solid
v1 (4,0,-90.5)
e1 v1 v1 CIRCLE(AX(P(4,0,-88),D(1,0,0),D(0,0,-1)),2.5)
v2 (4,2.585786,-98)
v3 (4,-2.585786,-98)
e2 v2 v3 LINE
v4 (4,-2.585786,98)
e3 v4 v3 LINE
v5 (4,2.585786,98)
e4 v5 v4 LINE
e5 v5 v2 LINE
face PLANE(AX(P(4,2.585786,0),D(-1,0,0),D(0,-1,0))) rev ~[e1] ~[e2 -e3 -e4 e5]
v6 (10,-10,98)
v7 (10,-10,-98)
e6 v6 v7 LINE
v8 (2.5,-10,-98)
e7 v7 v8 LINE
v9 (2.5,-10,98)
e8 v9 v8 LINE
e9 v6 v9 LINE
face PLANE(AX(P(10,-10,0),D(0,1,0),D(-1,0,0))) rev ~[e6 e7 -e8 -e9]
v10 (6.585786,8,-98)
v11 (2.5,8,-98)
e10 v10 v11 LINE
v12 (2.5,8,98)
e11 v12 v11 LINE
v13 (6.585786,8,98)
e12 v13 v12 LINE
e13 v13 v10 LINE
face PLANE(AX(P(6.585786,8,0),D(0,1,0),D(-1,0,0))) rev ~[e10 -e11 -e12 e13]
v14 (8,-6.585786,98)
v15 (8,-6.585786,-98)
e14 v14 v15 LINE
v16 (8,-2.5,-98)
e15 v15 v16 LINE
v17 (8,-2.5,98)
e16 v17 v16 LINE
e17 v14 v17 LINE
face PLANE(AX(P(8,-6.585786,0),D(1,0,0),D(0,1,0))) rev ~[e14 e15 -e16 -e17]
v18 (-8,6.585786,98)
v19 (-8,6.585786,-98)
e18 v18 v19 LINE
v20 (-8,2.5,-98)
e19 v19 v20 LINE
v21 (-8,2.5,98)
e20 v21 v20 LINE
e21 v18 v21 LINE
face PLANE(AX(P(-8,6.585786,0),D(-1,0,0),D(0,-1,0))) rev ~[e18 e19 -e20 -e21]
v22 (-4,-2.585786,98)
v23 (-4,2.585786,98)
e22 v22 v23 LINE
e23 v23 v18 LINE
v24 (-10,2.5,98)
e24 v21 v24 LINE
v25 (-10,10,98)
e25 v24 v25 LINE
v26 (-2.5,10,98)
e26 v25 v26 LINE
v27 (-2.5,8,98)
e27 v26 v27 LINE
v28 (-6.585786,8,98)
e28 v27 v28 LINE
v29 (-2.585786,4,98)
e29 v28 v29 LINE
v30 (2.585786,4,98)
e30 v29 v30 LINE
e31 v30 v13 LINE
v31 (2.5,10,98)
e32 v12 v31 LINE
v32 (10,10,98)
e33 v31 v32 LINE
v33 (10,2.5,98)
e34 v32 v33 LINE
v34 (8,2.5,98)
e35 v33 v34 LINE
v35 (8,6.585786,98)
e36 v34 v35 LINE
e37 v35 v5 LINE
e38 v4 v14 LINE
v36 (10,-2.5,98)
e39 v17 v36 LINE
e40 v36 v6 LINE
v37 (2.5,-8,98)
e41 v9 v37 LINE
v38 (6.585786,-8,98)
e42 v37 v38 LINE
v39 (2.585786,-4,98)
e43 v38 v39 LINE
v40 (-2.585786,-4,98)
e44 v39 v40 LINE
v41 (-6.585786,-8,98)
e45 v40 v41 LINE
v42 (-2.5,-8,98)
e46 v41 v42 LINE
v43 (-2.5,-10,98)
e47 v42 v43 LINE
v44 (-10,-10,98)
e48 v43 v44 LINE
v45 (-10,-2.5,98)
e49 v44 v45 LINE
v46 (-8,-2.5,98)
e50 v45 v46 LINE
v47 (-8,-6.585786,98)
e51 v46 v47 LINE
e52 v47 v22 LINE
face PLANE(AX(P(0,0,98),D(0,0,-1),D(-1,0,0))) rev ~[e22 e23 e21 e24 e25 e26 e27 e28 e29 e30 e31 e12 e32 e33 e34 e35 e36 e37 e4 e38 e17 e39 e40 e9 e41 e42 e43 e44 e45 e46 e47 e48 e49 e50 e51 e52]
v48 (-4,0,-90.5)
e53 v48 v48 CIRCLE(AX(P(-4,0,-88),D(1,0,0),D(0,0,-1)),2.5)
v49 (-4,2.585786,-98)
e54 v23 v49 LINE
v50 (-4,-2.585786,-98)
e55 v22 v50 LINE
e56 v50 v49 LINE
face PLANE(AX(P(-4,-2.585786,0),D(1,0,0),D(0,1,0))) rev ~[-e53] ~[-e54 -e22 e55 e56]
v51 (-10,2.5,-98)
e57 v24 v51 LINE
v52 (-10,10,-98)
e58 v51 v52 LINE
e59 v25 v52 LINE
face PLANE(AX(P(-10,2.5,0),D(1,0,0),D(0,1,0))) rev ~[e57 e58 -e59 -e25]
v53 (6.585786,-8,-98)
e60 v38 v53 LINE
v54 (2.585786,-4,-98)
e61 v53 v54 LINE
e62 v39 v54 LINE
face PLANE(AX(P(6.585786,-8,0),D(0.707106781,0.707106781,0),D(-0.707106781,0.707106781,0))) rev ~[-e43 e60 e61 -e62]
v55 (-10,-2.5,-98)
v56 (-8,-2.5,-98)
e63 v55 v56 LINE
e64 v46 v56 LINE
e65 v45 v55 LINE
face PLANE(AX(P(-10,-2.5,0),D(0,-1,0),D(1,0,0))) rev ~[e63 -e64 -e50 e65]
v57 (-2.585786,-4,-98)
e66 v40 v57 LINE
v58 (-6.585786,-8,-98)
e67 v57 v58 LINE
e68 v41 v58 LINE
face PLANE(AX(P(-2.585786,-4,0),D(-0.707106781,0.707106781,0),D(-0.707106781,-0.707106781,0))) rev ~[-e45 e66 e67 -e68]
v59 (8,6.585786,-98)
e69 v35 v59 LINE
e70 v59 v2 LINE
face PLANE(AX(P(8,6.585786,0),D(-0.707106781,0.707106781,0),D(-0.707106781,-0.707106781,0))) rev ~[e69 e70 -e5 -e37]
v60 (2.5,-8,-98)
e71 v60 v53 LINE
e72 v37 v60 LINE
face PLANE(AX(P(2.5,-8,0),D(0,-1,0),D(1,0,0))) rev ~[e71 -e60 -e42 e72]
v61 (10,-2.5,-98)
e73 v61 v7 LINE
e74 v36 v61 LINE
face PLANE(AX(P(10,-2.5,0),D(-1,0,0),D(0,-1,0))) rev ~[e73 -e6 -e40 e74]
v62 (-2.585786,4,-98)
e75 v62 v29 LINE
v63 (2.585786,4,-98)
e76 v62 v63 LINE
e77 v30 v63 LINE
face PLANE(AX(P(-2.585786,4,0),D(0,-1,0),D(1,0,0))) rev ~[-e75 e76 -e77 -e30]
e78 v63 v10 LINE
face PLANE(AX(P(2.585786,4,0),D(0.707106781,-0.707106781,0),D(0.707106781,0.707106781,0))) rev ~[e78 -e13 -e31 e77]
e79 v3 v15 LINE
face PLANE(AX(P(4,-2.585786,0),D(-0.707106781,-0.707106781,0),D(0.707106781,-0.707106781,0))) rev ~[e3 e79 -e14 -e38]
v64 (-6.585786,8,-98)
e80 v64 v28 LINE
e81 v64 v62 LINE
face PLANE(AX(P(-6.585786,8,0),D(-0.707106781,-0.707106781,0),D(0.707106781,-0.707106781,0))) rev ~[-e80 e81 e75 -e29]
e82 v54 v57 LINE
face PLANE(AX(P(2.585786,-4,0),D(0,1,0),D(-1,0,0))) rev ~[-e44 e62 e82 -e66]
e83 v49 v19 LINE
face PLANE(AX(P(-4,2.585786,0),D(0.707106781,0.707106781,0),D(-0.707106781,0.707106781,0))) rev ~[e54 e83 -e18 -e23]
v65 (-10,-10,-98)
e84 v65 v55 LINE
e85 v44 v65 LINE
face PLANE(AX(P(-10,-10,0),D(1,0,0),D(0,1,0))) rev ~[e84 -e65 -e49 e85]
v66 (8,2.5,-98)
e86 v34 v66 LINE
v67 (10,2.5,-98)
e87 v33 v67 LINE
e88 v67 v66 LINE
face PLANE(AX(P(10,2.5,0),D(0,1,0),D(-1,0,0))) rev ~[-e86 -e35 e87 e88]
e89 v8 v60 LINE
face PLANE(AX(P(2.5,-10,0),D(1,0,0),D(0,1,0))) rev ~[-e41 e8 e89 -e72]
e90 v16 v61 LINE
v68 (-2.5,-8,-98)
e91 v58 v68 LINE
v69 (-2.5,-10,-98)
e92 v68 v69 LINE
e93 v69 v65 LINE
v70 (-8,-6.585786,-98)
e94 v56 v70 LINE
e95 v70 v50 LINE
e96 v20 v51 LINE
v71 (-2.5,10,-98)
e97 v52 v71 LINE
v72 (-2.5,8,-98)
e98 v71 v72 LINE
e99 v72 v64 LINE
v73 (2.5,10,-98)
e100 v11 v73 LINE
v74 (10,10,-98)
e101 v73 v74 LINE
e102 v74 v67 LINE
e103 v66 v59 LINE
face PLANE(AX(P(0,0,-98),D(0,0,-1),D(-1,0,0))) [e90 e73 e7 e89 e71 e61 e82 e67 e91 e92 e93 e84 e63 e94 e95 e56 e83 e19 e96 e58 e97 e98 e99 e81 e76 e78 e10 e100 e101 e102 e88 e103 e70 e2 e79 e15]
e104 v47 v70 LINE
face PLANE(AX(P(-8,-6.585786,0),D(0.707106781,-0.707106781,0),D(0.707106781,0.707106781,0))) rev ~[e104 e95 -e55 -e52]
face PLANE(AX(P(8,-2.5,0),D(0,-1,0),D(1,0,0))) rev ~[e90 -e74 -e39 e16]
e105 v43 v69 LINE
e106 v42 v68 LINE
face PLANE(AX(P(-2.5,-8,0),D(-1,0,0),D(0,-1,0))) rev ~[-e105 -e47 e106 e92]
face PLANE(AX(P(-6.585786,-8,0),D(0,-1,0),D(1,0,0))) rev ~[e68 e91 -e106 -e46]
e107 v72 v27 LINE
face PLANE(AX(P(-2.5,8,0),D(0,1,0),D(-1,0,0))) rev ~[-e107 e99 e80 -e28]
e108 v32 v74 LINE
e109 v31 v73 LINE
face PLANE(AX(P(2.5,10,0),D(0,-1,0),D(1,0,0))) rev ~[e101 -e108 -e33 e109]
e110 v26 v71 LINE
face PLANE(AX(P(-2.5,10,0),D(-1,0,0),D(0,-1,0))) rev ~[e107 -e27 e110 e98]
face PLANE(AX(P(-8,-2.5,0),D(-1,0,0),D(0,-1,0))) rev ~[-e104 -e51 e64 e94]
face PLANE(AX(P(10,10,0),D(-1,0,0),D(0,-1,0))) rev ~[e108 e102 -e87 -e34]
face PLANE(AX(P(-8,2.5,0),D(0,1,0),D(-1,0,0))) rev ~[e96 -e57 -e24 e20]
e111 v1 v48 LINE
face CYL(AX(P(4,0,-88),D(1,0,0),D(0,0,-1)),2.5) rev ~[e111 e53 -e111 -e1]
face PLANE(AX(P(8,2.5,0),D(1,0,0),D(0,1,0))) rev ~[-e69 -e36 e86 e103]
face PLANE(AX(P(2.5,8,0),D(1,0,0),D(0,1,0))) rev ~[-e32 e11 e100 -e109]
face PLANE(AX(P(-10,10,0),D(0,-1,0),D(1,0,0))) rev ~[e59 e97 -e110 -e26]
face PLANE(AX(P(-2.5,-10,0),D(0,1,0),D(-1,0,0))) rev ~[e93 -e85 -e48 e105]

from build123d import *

# Parameters (mm, degrees)
BOSS_EXTRUDE1_DEPTH = 98
SKETCH2_R           = 2.5
CUT_EXTRUDE1_DEPTH  = 10


with BuildPart() as part:
    # Sketch1 → Boss-Extrude1 (new body, symmetric)
    with BuildSketch(Plane.XY):
        Polygon((-2.585786438, 4), (2.585786438, 4), (6.585786438, 8), (2.5, 8), (2.5, 10), (10, 10), (10, 2.5), (8, 2.5), (8, 6.585786438), (4, 2.585786438), (4, -2.585786438), (8, -6.585786438), (8, -2.5), (10, -2.5), (10, -10), (2.5, -10), (2.5, -8), (6.585786438, -8), (2.585786438, -4), (-2.585786438, -4), (-6.585786438, -8), (-2.5, -8), (-2.5, -10), (-10, -10), (-10, -2.5), (-8, -2.5), (-8, -6.585786438), (-4, -2.585786438), (-4, 2.585786438), (-8, 6.585786438), (-8, 2.5), (-10, 2.5), (-10, 10), (-2.5, 10), (-2.5, 8), (-6.585786438, 8), align=None)
    extrude(amount=BOSS_EXTRUDE1_DEPTH, both=True)

    # Sketch2 → Cut-Extrude1 (cut)
    with BuildSketch(Plane(origin=(4, 0, 0), x_dir=(0, 0, -1), z_dir=(1, 0, 0))):
        with Locations((88, 0)):
            Circle(SKETCH2_R)
    extrude(amount=-CUT_EXTRUDE1_DEPTH, mode=Mode.SUBTRACT)


solid = part.part
